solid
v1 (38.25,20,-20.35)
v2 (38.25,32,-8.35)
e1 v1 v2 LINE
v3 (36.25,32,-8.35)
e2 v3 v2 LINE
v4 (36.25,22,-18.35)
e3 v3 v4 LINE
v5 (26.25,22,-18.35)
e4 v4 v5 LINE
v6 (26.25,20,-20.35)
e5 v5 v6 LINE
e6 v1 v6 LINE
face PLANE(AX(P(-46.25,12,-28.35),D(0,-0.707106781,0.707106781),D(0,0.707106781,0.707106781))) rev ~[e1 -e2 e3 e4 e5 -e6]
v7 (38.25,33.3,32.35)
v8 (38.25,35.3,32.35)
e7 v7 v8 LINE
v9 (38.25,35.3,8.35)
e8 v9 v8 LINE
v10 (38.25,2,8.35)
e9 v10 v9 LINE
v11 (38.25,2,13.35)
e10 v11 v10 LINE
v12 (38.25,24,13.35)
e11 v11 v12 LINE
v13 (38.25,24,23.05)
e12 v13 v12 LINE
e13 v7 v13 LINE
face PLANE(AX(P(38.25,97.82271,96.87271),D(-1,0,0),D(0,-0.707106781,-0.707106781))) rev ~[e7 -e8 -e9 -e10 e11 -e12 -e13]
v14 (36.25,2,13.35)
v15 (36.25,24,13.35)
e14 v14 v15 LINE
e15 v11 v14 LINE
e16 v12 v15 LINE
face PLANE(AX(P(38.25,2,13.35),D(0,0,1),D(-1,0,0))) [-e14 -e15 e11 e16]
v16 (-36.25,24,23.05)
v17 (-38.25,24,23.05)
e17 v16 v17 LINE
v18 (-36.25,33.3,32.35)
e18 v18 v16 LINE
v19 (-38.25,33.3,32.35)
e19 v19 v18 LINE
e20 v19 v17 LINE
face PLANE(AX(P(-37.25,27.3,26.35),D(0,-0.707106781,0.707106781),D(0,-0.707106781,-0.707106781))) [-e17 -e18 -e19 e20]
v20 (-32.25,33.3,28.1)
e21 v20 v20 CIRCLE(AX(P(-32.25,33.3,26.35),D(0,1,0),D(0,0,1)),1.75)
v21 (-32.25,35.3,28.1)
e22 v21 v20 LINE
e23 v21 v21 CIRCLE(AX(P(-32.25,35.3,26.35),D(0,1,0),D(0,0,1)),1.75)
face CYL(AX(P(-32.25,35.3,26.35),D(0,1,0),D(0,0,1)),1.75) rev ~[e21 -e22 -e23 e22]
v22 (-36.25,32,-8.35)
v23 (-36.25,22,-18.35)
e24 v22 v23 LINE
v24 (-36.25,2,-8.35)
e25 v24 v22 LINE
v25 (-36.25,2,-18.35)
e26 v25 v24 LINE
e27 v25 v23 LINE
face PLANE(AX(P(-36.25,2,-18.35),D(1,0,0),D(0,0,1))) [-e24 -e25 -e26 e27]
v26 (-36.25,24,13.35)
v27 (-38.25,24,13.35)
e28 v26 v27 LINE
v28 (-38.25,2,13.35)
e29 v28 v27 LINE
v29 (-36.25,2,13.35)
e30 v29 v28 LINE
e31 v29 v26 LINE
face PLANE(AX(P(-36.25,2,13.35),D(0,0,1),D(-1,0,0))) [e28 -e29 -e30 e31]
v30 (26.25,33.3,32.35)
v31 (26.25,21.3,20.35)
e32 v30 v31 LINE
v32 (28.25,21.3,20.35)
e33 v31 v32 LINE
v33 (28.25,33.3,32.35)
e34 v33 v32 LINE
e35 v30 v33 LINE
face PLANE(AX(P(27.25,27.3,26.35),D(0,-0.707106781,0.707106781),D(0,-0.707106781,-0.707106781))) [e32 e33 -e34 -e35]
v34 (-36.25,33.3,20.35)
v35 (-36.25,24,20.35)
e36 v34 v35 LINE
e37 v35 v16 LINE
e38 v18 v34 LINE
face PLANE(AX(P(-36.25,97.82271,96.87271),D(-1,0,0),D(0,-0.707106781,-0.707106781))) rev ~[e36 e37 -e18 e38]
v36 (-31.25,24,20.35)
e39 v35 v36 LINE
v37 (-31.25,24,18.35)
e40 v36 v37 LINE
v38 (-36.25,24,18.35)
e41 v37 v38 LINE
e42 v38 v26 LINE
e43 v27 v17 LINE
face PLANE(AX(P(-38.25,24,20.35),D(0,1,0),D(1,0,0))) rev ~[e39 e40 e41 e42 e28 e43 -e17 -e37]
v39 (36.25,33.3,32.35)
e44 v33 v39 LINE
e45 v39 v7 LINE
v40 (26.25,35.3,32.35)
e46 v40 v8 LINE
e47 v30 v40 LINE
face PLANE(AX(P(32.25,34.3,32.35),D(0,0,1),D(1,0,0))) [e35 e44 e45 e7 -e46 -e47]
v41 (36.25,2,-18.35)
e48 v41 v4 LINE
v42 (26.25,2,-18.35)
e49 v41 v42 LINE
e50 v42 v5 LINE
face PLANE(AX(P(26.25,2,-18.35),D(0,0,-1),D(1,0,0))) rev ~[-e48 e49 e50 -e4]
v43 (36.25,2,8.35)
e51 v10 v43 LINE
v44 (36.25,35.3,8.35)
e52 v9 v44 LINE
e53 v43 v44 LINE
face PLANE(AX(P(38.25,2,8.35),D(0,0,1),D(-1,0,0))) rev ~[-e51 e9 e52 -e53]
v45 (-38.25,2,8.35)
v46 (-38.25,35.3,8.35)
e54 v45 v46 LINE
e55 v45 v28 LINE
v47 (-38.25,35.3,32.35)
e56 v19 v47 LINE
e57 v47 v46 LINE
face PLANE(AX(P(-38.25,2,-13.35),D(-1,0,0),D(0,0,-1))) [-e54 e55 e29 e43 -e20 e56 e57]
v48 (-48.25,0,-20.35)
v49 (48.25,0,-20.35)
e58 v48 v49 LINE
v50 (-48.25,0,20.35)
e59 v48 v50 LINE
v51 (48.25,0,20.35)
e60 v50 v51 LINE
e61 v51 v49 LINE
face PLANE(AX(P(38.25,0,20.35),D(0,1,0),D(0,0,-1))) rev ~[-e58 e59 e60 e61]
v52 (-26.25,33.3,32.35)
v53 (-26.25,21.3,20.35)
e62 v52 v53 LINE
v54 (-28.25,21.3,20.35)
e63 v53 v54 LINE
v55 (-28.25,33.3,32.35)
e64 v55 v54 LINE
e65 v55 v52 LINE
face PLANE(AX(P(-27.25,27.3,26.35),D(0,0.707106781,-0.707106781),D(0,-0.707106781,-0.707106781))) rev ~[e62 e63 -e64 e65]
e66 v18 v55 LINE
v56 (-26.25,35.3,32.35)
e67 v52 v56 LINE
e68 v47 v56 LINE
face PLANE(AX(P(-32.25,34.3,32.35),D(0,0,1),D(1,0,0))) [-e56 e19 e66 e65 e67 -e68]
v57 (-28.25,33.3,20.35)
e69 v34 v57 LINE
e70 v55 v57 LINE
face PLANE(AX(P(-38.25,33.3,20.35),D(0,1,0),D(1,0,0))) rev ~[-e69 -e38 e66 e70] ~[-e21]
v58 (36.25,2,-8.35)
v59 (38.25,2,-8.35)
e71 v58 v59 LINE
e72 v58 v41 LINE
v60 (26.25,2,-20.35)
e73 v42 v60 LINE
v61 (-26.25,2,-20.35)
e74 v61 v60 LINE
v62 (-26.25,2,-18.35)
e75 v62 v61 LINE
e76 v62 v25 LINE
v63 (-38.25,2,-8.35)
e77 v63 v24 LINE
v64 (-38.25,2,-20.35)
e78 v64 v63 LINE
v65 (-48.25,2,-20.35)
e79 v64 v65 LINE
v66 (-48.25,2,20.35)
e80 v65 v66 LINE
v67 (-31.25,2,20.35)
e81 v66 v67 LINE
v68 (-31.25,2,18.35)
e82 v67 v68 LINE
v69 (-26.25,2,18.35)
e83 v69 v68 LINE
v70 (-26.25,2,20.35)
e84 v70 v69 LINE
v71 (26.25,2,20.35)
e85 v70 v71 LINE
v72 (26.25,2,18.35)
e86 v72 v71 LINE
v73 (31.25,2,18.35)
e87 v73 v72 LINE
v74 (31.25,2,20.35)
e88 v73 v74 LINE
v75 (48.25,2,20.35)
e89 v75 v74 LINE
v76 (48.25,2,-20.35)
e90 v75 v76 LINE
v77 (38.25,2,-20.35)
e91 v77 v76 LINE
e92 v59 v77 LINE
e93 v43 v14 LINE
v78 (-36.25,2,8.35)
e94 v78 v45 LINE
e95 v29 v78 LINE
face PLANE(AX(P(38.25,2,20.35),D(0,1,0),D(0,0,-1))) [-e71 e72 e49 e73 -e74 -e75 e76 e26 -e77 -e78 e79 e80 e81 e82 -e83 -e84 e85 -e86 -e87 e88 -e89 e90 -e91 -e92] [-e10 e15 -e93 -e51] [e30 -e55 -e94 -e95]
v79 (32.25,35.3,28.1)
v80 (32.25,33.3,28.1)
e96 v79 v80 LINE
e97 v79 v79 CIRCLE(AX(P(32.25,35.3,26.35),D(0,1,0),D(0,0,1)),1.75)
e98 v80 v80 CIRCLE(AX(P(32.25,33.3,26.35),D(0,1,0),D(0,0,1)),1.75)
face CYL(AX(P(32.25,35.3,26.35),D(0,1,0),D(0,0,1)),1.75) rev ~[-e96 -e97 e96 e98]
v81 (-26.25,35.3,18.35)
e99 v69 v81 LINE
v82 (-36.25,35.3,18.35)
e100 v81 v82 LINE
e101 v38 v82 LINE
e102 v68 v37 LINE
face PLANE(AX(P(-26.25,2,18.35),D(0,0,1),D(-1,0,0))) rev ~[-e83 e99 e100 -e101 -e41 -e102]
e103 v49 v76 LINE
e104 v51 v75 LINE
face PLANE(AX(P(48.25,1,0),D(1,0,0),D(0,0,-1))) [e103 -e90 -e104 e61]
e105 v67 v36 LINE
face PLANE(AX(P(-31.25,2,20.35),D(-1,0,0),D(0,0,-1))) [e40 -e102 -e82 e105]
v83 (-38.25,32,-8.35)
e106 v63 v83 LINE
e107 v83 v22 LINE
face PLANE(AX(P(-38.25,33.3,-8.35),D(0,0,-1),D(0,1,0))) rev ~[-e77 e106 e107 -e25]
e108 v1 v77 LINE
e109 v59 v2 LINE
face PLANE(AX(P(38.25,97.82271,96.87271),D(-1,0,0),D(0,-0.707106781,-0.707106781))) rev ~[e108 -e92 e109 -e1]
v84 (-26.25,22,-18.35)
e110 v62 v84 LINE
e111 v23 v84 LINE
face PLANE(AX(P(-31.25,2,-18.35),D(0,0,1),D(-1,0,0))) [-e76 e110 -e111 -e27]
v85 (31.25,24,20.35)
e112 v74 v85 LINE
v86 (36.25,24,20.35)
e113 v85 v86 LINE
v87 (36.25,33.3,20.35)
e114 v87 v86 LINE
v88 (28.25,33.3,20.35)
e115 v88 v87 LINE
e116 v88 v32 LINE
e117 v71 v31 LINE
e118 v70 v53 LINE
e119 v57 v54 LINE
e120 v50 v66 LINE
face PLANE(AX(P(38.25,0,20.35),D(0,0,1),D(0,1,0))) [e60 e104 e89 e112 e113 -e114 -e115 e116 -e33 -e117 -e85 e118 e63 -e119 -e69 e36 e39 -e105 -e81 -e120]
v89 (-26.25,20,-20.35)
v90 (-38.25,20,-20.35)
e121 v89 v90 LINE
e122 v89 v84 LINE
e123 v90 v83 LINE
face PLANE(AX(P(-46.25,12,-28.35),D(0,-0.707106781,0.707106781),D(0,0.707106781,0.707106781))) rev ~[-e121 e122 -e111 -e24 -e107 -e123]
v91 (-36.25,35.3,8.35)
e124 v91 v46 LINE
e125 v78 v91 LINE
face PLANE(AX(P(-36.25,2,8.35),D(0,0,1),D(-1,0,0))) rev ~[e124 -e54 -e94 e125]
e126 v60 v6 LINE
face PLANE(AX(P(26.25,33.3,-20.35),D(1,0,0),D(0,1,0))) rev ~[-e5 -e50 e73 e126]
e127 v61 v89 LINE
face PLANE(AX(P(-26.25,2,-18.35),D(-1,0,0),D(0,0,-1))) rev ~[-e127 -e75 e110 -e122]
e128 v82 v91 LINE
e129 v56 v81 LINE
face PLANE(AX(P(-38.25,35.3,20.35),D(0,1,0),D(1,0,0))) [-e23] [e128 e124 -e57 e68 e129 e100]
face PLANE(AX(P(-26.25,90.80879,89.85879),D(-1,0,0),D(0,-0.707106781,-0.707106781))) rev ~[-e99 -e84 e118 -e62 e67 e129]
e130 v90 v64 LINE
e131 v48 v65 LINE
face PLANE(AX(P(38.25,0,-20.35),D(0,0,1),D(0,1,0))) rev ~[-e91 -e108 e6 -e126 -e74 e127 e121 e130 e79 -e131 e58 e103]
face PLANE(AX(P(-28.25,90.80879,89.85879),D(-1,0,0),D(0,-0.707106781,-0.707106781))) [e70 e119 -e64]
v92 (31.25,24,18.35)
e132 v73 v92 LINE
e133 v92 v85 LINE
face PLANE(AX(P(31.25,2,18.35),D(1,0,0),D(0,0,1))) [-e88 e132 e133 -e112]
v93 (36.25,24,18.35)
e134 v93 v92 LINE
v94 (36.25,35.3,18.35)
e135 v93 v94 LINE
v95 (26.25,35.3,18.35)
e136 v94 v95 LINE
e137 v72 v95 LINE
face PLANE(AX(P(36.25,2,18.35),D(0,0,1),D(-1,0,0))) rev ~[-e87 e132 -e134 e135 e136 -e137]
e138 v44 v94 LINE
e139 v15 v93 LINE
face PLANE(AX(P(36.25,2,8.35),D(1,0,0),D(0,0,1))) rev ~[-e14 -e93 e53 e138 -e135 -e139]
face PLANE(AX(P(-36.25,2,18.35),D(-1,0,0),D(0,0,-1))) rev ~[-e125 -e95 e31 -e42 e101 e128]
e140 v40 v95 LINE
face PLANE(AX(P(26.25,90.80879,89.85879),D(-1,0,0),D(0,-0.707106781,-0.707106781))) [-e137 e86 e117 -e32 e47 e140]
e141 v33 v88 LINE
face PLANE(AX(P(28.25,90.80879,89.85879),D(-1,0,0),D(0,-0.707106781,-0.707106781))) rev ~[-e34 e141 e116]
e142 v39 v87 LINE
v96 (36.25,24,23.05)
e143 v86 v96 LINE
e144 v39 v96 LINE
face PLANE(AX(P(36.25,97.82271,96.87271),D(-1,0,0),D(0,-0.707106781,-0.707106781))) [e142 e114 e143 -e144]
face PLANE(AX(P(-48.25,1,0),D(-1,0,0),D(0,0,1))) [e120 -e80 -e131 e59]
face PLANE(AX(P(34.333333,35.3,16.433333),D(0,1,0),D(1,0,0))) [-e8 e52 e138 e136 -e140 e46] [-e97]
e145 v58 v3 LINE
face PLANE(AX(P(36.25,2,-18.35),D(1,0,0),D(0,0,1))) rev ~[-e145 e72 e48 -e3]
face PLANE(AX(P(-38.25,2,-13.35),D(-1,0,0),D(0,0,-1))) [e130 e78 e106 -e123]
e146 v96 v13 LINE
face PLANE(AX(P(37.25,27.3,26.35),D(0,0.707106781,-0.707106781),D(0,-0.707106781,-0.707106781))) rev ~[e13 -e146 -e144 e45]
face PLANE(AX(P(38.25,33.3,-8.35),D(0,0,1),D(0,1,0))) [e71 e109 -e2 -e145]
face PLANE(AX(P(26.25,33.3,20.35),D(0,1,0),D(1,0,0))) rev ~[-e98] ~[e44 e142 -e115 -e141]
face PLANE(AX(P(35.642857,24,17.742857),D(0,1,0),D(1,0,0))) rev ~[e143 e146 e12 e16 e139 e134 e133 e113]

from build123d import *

# Parameters (mm, degrees)
CROQUIS1_W               = 76.5
CROQUIS1_H               = 40.7
SALIENTE_EXTRUIR1_DEPTH  = 2
CROQUIS2_W               = 2
CROQUIS2_H               = 5
CROQUIS2_W_2             = 5
CROQUIS2_H_2             = 2
SALIENTE_EXTRUIR2_DEPTH  = 33.3
CROQUIS3_W               = 12
CROQUIS3_H               = 2
SALIENTE_EXTRUIR3_DEPTH  = 12
NERVIO2_REACH            = 92.249
CROQUIS4_WALL_W          = 199.468346668
CROQUIS4_WALL_H          = 2
NERVIO7_REACH            = 82.33
CROQUIS5_WALL_W          = 179.62998513
CROQUIS5_WALL_H          = 2
NERVIO8_REACH            = 82.33
CROQUIS6_WALL_W          = 179.62998513
CROQUIS6_WALL_H          = 2
NERVIO9_REACH            = 92.249
CROQUIS7_WALL_W          = 199.468346668
CROQUIS7_WALL_H          = 2
CROQUIS8_R               = 1.75
CORTAR_EXTRUIR2_DEPTH    = 12
CROQUIS9_W               = 5
CROQUIS9_H               = 2
SALIENTE_EXTRUIR4_DEPTH  = 8
CROQUIS10_W              = 5
CROQUIS10_H              = 2
SALIENTE_EXTRUIR5_DEPTH  = 8
CROQUIS11_W              = 5
CROQUIS11_H              = 2
SALIENTE_EXTRUIR7_DEPTH  = 8
SALIENTE_EXTRUIR8_DEPTH  = 33.3
CORTAR_EXTRUIR5_START    = 8
CORTAR_EXTRUIR5_DEPTH    = 106.122924688
CORTAR_EXTRUIR6_DEPTH    = 22
CROQUIS15_W              = 2
CROQUIS15_H              = 2.7
CORTAR_EXTRUIR7_DEPTH    = 15
CROQUIS16_W              = 40.7
CROQUIS16_H              = 2
SALIENTE_EXTRUIR9_DEPTH  = 10
CROQUIS17_W              = 40.7
CROQUIS17_H              = 2
SALIENTE_EXTRUIR10_DEPTH = 10


with BuildPart() as part:
    # Croquis1 → Saliente-Extruir1 (new body)
    with BuildSketch(Plane(origin=(0, 0, 0), x_dir=(1, 0, 0), z_dir=(0, 1, 0))):
        Rectangle(CROQUIS1_W, CROQUIS1_H)
    extrude(amount=SALIENTE_EXTRUIR1_DEPTH)

    # Croquis2 → Saliente-Extruir2 (add)
    with BuildSketch(Plane(origin=(0, 2, 0), x_dir=(1, 0, 0), z_dir=(0, 1, 0))):
        Polygon((-36.25, -8.35), (-38.25, -8.35), (-38.25, -20.35), (-26.25, -20.35), (-26.25, -18.35), (-36.25, -18.35), align=None)
        with Locations((-37.25, 10.85)):
            Rectangle(CROQUIS2_W, CROQUIS2_H)
        with Locations((-28.75, 19.35)):
            Rectangle(CROQUIS2_W_2, CROQUIS2_H_2)
        with Locations((28.75, 19.35)):
            Rectangle(CROQUIS2_W_2, CROQUIS2_H_2)
        with Locations((37.25, 10.85)):
            Rectangle(CROQUIS2_W, CROQUIS2_H)
        Polygon((38.25, -20.35), (38.25, -8.35), (36.25, -8.35), (36.25, -18.35), (26.25, -18.35), (26.25, -20.35), align=None)
    extrude(amount=SALIENTE_EXTRUIR2_DEPTH)

    # Croquis3 → Saliente-Extruir3 (add)
    with BuildSketch(Plane.XY.offset(20.35)):
        with Locations((-32.25, 34.3)):
            Rectangle(CROQUIS3_W, CROQUIS3_H)
        with Locations((32.25, 34.3)):
            Rectangle(CROQUIS3_W, CROQUIS3_H)
    extrude(amount=SALIENTE_EXTRUIR3_DEPTH)

    # Croquis4 wall → Nervio2 (add, up to next)
    with BuildSketch(Plane(origin=(-38.25, 27.3, 26.35), x_dir=(0, -0.707106781187, -0.707106781187), z_dir=(0, -0.707106781187, 0.707106781187)), mode=Mode.PRIVATE) as nervio2_sk1:
        with Locations((0, 1)):
            Rectangle(CROQUIS4_WALL_W, CROQUIS4_WALL_H)
    nervio2_tool1 = extrude(nervio2_sk1.sketch, amount=-NERVIO2_REACH, mode=Mode.PRIVATE) - part.part
    add(nervio2_tool1.solids().sort_by_distance((-38.25, 27.3, 26.35))[0])

    # Croquis5 wall → Nervio7 (add, up to next)
    with BuildSketch(Plane(origin=(-26.25, 27.3, 26.35), x_dir=(0, -0.707106781187, -0.707106781187), z_dir=(0, 0.707106781187, -0.707106781187)), mode=Mode.PRIVATE) as nervio7_sk1:
        with Locations((0, 1)):
            Rectangle(CROQUIS5_WALL_W, CROQUIS5_WALL_H)
    nervio7_tool1 = extrude(nervio7_sk1.sketch, amount=NERVIO7_REACH, mode=Mode.PRIVATE) - part.part
    add(nervio7_tool1.solids().sort_by_distance((-26.25, 27.3, 26.35))[0])

    # Croquis6 wall → Nervio8 (add, up to next)
    with BuildSketch(Plane(origin=(26.25, 27.3, 26.35), x_dir=(0, -0.707106781187, -0.707106781187), z_dir=(0, -0.707106781187, 0.707106781187)), mode=Mode.PRIVATE) as nervio8_sk1:
        with Locations((0, 1)):
            Rectangle(CROQUIS6_WALL_W, CROQUIS6_WALL_H)
    nervio8_tool1 = extrude(nervio8_sk1.sketch, amount=-NERVIO8_REACH, mode=Mode.PRIVATE) - part.part
    add(nervio8_tool1.solids().sort_by_distance((26.25, 27.3, 26.35))[0])

    # Croquis7 wall → Nervio9 (add, up to next)
    with BuildSketch(Plane(origin=(38.25, 27.3, 26.35), x_dir=(0, -0.707106781187, -0.707106781187), z_dir=(0, 0.707106781187, -0.707106781187)), mode=Mode.PRIVATE) as nervio9_sk1:
        with Locations((0, 1)):
            Rectangle(CROQUIS7_WALL_W, CROQUIS7_WALL_H)
    nervio9_tool1 = extrude(nervio9_sk1.sketch, amount=NERVIO9_REACH, mode=Mode.PRIVATE) - part.part
    add(nervio9_tool1.solids().sort_by_distance((38.25, 27.3, 26.35))[0])

    # Croquis8 → Cortar-Extruir2 (cut)
    with BuildSketch(Plane(origin=(0, 35.3, 0), x_dir=(1, 0, 0), z_dir=(0, 1, 0))):
        with Locations(Location((-32.25, -26.35, 0), (0, 0, 270))):
            Circle(CROQUIS8_R)
        with Locations(Location((32.25, -26.35, 0), (0, 0, 270))):
            Circle(CROQUIS8_R)
    extrude(amount=-CORTAR_EXTRUIR2_DEPTH, mode=Mode.SUBTRACT)

    # Croquis9 → Saliente-Extruir4 (add)
    with BuildSketch(Plane(origin=(38.25, 0, 0), x_dir=(0, 0, -1), z_dir=(1, 0, 0))):
        with Locations((10.85, 34.3)):
            Rectangle(CROQUIS9_W, CROQUIS9_H)
    extrude(amount=SALIENTE_EXTRUIR4_DEPTH)

    # Croquis10 → Saliente-Extruir5 (add)
    with BuildSketch(Plane.ZY.offset(38.25)):
        with Locations((-10.85, 34.3)):
            Rectangle(CROQUIS10_W, CROQUIS10_H)
    extrude(amount=SALIENTE_EXTRUIR5_DEPTH)

    # Croquis11 → Saliente-Extruir7 (add)
    with BuildSketch(Plane(origin=(0, 0, -20.35), x_dir=(-1, 0, 0), z_dir=(0, 0, -1))):
        with Locations((-28.75, 34.3)):
            Rectangle(CROQUIS11_W, CROQUIS11_H)
        with Locations((28.75, 34.3)):
            Rectangle(CROQUIS11_W, CROQUIS11_H)
    extrude(amount=SALIENTE_EXTRUIR7_DEPTH)

    # Croquis13 → Saliente-Extruir8 (add)
    with BuildSketch(Plane(origin=(0, 2, 0), x_dir=(1, 0, 0), z_dir=(0, 1, 0))):
        Polygon((-38.25, 13.35), (-38.25, 20.35), (-31.25, 20.35), (-31.25, 18.35), (-36.25, 18.35), (-36.25, 13.35), align=None)
        Polygon((31.25, 20.35), (31.25, 18.35), (36.25, 18.35), (36.25, 13.35), (38.25, 13.35), (38.25, 20.35), align=None)
    extrude(amount=SALIENTE_EXTRUIR8_DEPTH)

    # Croquis12 → Cortar-Extruir5 (cut, through all)
    with BuildSketch(Plane.ZY.offset(38.25).offset(CORTAR_EXTRUIR5_START)):
        Polygon((-8.35, 32), (-8.35, 35.3), (-28.35, 35.3), (-28.35, 12), align=None)
    extrude(amount=-CORTAR_EXTRUIR5_DEPTH, mode=Mode.SUBTRACT)

    # Croquis14 → Cortar-Extruir6 (cut)
    with BuildSketch(Plane(origin=(0, 2, 0), x_dir=(1, 0, 0), z_dir=(0, 1, 0))):
        Polygon((-36.25, -13.35), (-38.25, -13.35), (-38.25, -20.35), (-31.25, -20.35), (-31.25, -18.35), (-36.25, -18.35), align=None)
        Polygon((31.25, -18.35), (31.25, -20.35), (38.25, -20.35), (38.25, -13.35), (36.25, -13.35), (36.25, -18.35), align=None)
    extrude(amount=CORTAR_EXTRUIR6_DEPTH, mode=Mode.SUBTRACT)

    # Croquis15 → Cortar-Extruir7 (cut)
    with BuildSketch(Plane.XY.offset(20.35)):
        with Locations((-37.25, 22.65)):
            Rectangle(CROQUIS15_W, CROQUIS15_H)
        with Locations((37.25, 22.65)):
            Rectangle(CROQUIS15_W, CROQUIS15_H)
    extrude(amount=CORTAR_EXTRUIR7_DEPTH, mode=Mode.SUBTRACT)

    # Croquis16 → Saliente-Extruir9 (add)
    with BuildSketch(Plane.ZY.offset(38.25)):
        with Locations((0, 1)):
            Rectangle(CROQUIS16_W, CROQUIS16_H)
    extrude(amount=SALIENTE_EXTRUIR9_DEPTH)

    # Croquis17 → Saliente-Extruir10 (add)
    with BuildSketch(Plane(origin=(38.25, 0, 0), x_dir=(0, 0, -1), z_dir=(1, 0, 0))):
        with Locations((0, 1)):
            Rectangle(CROQUIS17_W, CROQUIS17_H)
    extrude(amount=SALIENTE_EXTRUIR10_DEPTH)


solid = part.part
